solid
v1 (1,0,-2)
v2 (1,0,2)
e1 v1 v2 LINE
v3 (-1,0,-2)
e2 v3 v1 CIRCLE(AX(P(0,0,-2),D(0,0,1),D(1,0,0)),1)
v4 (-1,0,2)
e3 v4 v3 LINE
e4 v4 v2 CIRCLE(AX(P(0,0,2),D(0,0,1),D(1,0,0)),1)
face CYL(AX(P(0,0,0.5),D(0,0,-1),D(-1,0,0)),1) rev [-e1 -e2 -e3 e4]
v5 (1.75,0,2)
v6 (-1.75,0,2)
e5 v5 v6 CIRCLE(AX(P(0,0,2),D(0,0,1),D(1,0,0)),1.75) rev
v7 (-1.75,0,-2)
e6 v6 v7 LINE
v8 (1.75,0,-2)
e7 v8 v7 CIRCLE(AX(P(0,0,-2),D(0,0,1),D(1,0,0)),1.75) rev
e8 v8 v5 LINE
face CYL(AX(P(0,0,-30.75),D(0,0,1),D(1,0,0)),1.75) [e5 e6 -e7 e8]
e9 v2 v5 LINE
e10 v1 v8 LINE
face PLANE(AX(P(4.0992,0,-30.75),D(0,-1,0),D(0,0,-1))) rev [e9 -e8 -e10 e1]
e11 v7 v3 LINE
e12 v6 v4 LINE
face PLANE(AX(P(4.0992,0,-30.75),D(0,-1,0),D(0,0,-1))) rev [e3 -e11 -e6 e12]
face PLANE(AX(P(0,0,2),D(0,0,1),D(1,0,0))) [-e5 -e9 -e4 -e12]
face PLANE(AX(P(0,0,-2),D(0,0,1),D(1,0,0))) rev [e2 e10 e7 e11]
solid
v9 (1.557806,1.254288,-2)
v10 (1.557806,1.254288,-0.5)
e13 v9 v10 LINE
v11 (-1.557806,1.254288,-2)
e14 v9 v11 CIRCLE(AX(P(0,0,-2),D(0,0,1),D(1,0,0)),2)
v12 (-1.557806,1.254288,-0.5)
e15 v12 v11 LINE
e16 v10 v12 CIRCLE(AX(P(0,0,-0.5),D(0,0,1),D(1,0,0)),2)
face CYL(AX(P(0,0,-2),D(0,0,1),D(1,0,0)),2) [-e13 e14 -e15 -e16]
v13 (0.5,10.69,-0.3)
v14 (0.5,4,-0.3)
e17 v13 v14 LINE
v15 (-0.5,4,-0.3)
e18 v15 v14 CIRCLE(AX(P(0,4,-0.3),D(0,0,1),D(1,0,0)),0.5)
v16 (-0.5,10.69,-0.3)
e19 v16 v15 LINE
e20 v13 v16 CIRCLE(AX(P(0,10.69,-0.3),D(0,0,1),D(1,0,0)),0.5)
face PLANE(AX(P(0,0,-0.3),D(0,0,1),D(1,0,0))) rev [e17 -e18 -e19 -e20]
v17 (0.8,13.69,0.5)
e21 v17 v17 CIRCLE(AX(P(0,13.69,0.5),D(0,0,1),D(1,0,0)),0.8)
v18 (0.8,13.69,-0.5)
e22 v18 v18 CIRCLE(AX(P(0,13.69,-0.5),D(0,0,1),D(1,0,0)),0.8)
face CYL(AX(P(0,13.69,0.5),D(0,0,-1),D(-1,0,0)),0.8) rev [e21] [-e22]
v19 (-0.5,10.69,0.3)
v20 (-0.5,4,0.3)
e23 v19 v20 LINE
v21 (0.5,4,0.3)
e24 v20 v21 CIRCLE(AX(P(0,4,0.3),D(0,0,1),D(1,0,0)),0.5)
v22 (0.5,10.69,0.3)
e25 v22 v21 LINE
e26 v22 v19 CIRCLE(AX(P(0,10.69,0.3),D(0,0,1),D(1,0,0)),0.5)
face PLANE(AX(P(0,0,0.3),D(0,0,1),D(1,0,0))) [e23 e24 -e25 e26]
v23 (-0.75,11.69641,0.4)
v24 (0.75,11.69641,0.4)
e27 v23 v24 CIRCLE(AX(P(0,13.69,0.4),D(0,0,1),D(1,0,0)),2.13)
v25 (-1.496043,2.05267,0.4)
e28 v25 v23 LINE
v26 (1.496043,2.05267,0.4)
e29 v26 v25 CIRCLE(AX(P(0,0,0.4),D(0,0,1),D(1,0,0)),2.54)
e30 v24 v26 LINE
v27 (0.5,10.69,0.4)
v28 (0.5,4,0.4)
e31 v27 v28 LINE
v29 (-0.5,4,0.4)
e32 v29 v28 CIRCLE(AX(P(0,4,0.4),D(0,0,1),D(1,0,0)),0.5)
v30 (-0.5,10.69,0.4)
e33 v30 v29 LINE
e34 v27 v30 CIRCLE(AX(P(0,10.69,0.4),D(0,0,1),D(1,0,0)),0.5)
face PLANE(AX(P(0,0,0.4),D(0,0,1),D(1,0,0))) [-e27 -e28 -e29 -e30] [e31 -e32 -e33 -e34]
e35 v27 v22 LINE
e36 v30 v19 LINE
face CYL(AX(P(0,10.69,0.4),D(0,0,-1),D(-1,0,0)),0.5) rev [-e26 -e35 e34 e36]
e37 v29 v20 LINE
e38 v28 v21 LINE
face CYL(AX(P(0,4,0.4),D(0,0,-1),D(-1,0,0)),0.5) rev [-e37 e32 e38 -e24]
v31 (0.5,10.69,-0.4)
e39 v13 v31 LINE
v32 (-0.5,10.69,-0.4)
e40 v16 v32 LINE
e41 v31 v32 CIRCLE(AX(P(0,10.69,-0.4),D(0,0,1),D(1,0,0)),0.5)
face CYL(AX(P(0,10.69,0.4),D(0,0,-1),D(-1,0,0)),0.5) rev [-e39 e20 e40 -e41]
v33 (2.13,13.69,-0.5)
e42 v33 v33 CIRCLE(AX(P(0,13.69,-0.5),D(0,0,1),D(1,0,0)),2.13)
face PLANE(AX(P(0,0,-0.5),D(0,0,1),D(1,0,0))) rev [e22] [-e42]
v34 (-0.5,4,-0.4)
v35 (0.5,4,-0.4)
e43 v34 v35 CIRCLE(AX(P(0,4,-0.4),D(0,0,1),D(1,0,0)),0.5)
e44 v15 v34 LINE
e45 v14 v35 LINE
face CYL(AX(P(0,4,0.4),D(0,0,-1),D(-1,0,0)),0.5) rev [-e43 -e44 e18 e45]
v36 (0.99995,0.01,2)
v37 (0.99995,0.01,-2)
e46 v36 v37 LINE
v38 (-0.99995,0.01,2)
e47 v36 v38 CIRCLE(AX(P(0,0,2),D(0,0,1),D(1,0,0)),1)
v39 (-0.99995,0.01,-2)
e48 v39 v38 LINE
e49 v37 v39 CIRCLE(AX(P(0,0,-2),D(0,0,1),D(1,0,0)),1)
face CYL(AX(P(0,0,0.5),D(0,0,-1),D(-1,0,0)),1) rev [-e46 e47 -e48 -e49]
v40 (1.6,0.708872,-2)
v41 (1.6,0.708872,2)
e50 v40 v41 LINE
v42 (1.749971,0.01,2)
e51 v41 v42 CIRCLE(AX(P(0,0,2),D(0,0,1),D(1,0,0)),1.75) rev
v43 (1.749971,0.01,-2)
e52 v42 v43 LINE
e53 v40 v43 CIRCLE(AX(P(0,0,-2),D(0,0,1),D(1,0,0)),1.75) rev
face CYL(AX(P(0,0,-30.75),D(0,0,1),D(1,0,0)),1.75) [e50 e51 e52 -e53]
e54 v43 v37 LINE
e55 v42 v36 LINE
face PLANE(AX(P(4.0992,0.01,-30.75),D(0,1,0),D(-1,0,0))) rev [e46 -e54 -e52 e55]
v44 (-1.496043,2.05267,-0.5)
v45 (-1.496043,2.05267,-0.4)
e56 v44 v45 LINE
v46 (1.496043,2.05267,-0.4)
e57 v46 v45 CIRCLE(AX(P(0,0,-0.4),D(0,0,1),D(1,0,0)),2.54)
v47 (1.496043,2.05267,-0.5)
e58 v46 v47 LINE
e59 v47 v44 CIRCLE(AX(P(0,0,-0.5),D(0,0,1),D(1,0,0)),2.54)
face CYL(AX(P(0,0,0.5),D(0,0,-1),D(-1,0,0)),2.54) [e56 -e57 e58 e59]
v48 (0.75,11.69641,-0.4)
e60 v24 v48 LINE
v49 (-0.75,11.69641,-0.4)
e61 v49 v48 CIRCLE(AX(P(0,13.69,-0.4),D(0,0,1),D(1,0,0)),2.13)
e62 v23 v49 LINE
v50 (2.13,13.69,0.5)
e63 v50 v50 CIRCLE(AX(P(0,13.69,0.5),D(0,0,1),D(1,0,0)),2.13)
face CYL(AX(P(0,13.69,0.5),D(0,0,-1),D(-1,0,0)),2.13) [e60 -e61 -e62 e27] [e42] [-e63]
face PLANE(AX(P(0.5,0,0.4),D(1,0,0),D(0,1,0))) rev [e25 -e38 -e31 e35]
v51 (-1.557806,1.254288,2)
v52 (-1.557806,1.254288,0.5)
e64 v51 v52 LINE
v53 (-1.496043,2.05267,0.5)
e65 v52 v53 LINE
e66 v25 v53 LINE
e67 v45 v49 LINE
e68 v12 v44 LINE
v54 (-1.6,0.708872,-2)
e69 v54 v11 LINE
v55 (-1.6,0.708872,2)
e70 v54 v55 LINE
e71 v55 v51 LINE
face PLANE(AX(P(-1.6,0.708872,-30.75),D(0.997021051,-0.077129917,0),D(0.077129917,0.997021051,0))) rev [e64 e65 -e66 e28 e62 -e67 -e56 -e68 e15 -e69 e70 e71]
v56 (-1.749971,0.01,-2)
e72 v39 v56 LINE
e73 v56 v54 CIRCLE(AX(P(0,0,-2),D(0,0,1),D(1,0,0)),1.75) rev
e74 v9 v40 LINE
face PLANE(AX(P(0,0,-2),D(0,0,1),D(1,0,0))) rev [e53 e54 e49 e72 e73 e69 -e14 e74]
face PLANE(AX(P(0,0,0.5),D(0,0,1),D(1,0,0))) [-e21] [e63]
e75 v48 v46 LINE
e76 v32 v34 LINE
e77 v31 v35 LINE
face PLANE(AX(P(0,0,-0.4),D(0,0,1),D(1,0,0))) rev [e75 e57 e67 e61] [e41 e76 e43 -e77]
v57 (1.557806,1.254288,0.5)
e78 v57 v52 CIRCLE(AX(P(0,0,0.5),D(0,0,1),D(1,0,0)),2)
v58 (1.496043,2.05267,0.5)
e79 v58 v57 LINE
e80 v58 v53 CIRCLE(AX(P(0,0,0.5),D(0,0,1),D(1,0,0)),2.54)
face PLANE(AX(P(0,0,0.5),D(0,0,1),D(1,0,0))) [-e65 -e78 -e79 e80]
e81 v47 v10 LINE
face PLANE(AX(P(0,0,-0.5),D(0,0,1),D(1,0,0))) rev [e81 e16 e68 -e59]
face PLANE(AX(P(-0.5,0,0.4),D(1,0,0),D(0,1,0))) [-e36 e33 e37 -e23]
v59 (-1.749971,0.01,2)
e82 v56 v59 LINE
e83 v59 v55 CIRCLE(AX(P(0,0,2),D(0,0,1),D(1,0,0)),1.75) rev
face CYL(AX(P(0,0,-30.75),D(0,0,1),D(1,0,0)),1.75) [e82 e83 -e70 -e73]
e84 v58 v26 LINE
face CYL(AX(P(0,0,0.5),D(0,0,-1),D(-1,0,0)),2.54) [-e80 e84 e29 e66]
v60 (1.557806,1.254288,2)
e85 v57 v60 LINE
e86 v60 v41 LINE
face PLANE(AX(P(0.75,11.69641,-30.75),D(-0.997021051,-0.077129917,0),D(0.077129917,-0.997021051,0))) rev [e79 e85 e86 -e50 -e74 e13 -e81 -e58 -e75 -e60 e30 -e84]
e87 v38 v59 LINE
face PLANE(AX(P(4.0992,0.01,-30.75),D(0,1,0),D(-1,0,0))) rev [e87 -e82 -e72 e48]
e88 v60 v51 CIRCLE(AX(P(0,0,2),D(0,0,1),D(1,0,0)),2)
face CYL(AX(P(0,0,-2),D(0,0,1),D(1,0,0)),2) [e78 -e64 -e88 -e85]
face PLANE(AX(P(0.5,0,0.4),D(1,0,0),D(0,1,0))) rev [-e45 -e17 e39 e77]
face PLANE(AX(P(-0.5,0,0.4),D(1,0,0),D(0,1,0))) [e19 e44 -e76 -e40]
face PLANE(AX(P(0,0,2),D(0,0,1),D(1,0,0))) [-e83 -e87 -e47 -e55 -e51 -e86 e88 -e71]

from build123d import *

# Parameters (mm, degrees)
SKETCH2_R                = 2.13
SKETCH2_R_2              = 0.8
BOSS_EXTRUDE1_DEPTH      = 0.5
SKETCH2_R_3              = 2.54
SKETCH2_R_4              = 1
BOSS_EXTRUDE1_2_DEPTH    = 0.5
BOSS_EXTRUDE2_DEPTH      = 0.4
BOSS_EXTRUDE3_DEPTH      = 0.3
BOSS_EXTRUDE5_DEPTH      = 1.5
BOSS_EXTRUDE5_DEPTH_BACK = 2.5
SKETCH3_R                = 2
SKETCH3_R_2              = 1
CUT_EXTRUDE1_DEPTH       = 30.75
SKETCH5_W                = 8.281122101
SKETCH5_H                = 0.01
CUT_EXTRUDE2_DEPTH       = 30.75


with BuildPart() as part:
    # Sketch2 → Boss-Extrude1 (new, symmetric)
    with BuildSketch(Plane.XY):
        with Locations((0, 13.69)):
            Circle(SKETCH2_R)
        with Locations((0, 13.69)):
            Circle(SKETCH2_R_2, mode=Mode.SUBTRACT)
    extrude(amount=BOSS_EXTRUDE1_DEPTH, both=True)



with BuildPart() as body_2:
    # Sketch2 → Boss-Extrude1 2 (new, symmetric)
    with BuildSketch(Plane.XY):
        Circle(SKETCH2_R_3)
        Circle(SKETCH2_R_4, mode=Mode.SUBTRACT)
    extrude(amount=BOSS_EXTRUDE1_2_DEPTH, both=True)


with BuildPart() as part_1:
    add(part.part)

    add(body_2.part)  # Boss-Extrude2 merges body 2
    # Sketch2<3> → Boss-Extrude2 (add, symmetric)
    with BuildSketch(Plane.XY):
        with BuildLine():
            ThreePointArc((0.75, 11.696410273), (0, 11.56), (-0.75, 11.696410273))
            Line((-0.75, 11.696410273), (-1.65, 1.931087776))
            ThreePointArc((-1.65, 1.931087776), (0, 2.54), (1.65, 1.931087776))
            Line((1.65, 1.931087776), (0.75, 11.696410273))
        make_face()
        with BuildLine():
            ThreePointArc((-0.5, 10.69), (0, 11.19), (0.5, 10.69))
            Line((0.5, 10.69), (0.5, 4))
            ThreePointArc((0.5, 4), (0, 3.5), (-0.5, 4))
            Line((-0.5, 4), (-0.5, 10.69))
        make_face(mode=Mode.SUBTRACT)
    extrude(amount=BOSS_EXTRUDE2_DEPTH, both=True)

    # Sketch2<4> → Boss-Extrude3 (add, symmetric)
    with BuildSketch(Plane.XY):
        with BuildLine():
            Line((0.5, 4), (0.5, 10.69))
            ThreePointArc((0.5, 10.69), (0, 11.19), (-0.5, 10.69))
            Line((-0.5, 10.69), (-0.5, 4))
            ThreePointArc((-0.5, 4), (0, 3.5), (0.5, 4))
        make_face()
    extrude(amount=BOSS_EXTRUDE3_DEPTH, both=True)

    # Sketch3 → Boss-Extrude5 (add, two sides: drawn at the far end of the back side and taken through both)
    with BuildSketch(Plane.XY.offset(0.5).offset(-BOSS_EXTRUDE5_DEPTH_BACK)):
        Circle(SKETCH3_R)
        Circle(SKETCH3_R_2, mode=Mode.SUBTRACT)
    extrude(amount=BOSS_EXTRUDE5_DEPTH + BOSS_EXTRUDE5_DEPTH_BACK)

    # Sketch4 → Cut-Extrude1 (cut, symmetric)
    with BuildSketch(Plane.XY):
        with BuildLine():
            Line((-0.75, 11.696410273), (-2.90290804, 1.955281287))
            ThreePointArc((-2.90290804, 1.955281287), (0, -3.5), (2.90290804, 1.955281287))
            Line((2.90290804, 1.955281287), (0.75, 11.696410273))
            Line((0.75, 11.696410273), (1.6, 0.708872344))
            ThreePointArc((1.6, 0.708872344), (0, -1.75), (-1.6, 0.708872344))
            Line((-1.6, 0.708872344), (-0.75, 11.696410273))
        make_face()
    extrude(amount=CUT_EXTRUDE1_DEPTH, both=True, mode=Mode.SUBTRACT)

    # Sketch5 → Cut-Extrude2 (cut, symmetric)
    with BuildSketch(Plane.XY):
        with Locations((-0.041360672, 0.005)):
            Rectangle(SKETCH5_W, SKETCH5_H)
    extrude(amount=CUT_EXTRUDE2_DEPTH, both=True, mode=Mode.SUBTRACT)


with BuildPart() as cut_extrude2_piece_1:
    # of the separate pieces the step leaves, piece 1, a body of its own (cut_extrude2_pieces)
    add(part_1.part.solids().sort_by_distance((1.496043311, 2.052670069, -0.5))[0])


with BuildPart() as cut_extrude2_piece_2:
    # of the separate pieces the step leaves, piece 2, a body of its own (cut_extrude2_pieces)
    add(part_1.part.solids().sort_by_distance((-1.75, 0, -2))[0])


solid = Compound([cut_extrude2_piece_1.part, cut_extrude2_piece_2.part])
